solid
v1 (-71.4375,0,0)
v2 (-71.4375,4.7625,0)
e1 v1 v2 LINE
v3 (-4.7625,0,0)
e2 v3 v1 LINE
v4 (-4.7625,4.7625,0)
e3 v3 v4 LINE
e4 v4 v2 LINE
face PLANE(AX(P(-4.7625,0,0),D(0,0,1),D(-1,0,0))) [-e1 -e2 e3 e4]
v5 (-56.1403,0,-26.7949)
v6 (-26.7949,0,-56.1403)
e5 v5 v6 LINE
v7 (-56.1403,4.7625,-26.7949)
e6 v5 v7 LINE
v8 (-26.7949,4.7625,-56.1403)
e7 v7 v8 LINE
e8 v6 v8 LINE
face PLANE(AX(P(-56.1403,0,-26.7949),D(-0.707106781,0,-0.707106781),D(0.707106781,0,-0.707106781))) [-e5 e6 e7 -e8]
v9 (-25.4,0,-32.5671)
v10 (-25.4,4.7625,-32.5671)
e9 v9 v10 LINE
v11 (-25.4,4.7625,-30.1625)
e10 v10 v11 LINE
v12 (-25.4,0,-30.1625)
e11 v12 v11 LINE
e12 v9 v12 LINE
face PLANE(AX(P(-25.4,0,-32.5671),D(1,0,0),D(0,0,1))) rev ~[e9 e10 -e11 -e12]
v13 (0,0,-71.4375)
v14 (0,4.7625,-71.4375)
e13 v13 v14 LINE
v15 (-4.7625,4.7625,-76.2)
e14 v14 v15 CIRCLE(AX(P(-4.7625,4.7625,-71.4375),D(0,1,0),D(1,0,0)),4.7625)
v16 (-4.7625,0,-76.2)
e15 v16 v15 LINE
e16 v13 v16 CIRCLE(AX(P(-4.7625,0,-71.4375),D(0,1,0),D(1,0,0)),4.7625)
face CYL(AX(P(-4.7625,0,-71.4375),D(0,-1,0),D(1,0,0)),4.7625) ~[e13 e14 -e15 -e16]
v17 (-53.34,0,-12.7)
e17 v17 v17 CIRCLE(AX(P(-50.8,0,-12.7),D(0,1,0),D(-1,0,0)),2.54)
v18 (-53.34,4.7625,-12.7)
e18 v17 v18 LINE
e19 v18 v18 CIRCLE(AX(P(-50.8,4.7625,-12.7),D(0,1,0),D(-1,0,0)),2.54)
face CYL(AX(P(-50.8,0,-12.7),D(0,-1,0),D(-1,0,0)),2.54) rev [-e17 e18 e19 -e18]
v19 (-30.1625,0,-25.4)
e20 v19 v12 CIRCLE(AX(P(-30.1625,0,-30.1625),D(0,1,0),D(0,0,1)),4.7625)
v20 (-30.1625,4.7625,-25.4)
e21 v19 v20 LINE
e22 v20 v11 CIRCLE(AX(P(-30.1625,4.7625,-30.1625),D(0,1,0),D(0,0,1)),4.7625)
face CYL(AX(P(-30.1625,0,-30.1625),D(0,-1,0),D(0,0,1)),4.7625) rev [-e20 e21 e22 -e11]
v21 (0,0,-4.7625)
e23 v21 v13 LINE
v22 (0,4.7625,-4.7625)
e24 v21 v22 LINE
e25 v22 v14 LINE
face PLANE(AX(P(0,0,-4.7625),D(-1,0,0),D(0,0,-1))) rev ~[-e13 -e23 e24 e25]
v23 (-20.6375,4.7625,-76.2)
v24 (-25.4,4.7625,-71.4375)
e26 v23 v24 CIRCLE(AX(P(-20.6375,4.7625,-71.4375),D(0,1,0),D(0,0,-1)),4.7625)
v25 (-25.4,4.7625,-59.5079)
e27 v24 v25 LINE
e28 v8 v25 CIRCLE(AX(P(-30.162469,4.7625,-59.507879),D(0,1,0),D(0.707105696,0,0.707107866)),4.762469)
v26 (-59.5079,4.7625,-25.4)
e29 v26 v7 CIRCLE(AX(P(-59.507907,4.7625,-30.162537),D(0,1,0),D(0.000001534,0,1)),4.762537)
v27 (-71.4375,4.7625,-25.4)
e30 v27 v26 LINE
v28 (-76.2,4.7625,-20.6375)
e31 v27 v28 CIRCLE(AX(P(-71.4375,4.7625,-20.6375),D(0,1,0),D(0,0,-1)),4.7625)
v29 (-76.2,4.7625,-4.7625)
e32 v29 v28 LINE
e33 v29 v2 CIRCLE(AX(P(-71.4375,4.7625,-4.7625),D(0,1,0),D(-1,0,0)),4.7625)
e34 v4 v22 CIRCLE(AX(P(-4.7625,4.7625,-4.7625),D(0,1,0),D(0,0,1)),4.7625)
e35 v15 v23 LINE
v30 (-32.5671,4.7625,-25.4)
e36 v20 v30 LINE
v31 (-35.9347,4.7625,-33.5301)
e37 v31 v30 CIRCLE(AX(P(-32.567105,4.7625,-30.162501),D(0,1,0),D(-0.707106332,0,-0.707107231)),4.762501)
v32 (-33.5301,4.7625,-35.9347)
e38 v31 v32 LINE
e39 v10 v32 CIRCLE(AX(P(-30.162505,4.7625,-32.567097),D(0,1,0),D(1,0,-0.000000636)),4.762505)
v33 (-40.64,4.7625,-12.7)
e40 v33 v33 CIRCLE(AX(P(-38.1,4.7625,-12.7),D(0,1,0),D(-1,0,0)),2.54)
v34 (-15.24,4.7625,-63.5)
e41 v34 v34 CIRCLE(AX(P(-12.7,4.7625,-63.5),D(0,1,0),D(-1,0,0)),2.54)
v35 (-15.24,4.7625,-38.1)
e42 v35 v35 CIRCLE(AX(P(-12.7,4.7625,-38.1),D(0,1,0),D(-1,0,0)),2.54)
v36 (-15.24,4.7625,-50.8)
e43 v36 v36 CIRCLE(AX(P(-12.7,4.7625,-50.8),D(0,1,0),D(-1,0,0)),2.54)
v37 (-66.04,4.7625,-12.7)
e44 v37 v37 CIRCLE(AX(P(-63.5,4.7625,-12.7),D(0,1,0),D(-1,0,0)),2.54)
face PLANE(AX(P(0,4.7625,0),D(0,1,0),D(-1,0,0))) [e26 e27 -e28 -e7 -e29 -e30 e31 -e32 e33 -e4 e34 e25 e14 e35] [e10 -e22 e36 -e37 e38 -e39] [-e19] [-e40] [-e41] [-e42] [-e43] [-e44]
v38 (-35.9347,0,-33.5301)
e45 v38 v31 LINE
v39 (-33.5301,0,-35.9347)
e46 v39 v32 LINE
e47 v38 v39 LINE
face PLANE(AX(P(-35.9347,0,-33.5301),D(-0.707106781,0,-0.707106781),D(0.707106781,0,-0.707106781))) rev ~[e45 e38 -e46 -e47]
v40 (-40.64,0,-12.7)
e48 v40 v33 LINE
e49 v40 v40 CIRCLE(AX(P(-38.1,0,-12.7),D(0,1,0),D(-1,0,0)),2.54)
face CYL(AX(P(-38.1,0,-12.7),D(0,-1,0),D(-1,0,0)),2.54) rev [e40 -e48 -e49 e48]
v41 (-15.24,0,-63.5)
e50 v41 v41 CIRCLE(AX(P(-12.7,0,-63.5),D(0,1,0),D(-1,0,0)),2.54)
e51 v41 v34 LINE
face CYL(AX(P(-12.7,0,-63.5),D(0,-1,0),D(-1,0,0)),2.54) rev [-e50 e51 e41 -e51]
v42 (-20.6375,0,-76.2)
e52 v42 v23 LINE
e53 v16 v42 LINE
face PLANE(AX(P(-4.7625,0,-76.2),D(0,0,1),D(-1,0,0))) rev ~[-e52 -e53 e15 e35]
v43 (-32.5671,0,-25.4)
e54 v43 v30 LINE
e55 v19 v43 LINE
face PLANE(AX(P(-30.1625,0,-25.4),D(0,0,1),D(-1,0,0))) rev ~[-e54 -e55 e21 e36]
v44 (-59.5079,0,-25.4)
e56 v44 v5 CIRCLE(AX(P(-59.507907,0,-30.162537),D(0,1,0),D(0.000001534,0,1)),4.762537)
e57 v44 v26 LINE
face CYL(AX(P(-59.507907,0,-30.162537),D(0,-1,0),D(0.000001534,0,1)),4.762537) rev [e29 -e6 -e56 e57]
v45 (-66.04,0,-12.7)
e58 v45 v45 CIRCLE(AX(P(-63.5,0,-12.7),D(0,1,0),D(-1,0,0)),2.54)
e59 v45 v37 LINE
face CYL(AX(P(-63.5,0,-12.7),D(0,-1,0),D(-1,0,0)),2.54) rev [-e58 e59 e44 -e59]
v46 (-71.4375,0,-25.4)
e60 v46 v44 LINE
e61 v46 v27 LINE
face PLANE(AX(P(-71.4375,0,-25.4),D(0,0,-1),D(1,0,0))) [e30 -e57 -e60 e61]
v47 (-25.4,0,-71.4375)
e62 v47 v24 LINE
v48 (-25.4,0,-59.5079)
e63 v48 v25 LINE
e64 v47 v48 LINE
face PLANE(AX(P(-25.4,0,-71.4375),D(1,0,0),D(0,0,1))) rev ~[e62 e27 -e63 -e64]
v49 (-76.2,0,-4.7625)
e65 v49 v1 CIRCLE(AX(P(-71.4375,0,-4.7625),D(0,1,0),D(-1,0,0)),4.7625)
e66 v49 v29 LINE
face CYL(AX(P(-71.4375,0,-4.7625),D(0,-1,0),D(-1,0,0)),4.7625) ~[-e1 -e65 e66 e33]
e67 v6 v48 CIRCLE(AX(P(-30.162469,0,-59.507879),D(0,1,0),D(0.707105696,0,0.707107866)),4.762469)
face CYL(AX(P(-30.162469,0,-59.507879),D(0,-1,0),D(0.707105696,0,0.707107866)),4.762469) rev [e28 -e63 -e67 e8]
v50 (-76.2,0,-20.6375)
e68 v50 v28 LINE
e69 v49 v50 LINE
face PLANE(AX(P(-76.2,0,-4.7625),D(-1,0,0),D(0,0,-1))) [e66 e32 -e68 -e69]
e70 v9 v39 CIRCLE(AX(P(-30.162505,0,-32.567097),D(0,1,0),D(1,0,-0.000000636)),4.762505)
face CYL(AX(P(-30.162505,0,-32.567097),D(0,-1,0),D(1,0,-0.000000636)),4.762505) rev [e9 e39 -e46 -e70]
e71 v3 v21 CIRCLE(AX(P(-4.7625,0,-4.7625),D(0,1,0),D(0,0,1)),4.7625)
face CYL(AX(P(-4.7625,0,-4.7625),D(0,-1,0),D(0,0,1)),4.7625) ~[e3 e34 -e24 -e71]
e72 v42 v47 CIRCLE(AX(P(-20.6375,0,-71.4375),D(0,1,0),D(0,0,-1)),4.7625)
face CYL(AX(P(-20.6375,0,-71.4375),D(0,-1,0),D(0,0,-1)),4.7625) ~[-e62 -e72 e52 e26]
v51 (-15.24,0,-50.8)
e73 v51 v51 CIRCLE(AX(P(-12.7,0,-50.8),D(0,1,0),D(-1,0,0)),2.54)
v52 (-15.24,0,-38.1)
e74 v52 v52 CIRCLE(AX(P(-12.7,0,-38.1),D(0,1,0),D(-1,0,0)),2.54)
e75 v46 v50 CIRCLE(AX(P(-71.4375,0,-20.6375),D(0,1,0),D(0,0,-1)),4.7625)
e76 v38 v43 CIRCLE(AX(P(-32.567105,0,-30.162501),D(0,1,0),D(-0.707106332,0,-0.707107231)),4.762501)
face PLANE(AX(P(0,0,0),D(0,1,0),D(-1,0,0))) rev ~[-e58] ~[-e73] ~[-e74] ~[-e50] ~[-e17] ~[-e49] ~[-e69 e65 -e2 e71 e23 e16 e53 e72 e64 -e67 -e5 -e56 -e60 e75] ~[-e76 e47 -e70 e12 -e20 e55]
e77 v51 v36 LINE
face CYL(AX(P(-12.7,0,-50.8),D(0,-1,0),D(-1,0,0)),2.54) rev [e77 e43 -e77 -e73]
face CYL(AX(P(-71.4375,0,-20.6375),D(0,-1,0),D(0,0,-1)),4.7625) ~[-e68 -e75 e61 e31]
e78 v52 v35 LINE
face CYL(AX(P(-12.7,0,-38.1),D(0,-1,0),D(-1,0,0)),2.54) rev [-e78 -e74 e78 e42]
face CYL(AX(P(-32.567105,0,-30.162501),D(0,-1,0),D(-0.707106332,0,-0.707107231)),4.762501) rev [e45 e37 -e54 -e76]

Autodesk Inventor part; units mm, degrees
ref_plane "YZ Plane" through (0, 0, 0) normal (1, 0, 0) x (0, 1, 0)
ref_plane "XZ Plane" through (0, 0, 0) normal (0, 1, 0) x (-1, 0, 0)
ref_plane "XY Plane" through (0, 0, 0) normal (0, 0, 1) x (1, 0, 0)
sketch "Sketch1" plane through (0, 0, 0) normal (0, 1, 0) x (-1, 0, 0)
  line L0 (0, -4.7625) -> (0, -71.4375)
  line L1 (4.7625, -76.2) -> (20.6375, -76.2)
  line L2 (4.7625, 0) -> (71.4375, 0)
  line L3 (76.2, -4.7625) -> (76.2, -20.6375)
  circle A0 centre (12.7, -38.1) radius 2.54
  circle A1 centre (12.7, -50.8) radius 2.54
  circle A2 centre (12.7, -63.5) radius 2.54
  line L4 (12.7, -76.2) -> (12.7, 0) construction
  circle A3 centre (63.5, -12.7) radius 2.54
  circle A4 centre (50.8, -12.7) radius 2.54
  circle A5 centre (38.1, -12.7) radius 2.54
  line L5 (76.2, -12.7) -> (0, -12.7) construction
  line L6 (61.7039, -14.4961) -> (14.4961, -61.7039) construction
  line L7 (56.1403, -26.7949) -> (26.7949, -56.1403)
  line L8 (35.9347, -33.5301) -> (33.5301, -35.9347)
  line L9 (25.4, -32.5671) -> (25.4, -30.1625)
  line L10 (30.1625, -25.4) -> (32.5671, -25.4)
  line L11 (25.4, -71.4375) -> (25.4, -59.5079)
  line L12 (71.4375, -25.4) -> (59.5079, -25.4)
  arc A6 (76.2, -4.7625) -> (71.4375, 0) centre (71.4375, -4.7625) ccw
  arc A7 (71.4375, -25.4) -> (76.2, -20.6375) centre (71.4375, -20.6375) ccw
  arc A8 (59.5079, -25.4) -> (56.1403, -26.7949) centre (59.5079, -30.1625) ccw
  arc A9 (26.7949, -56.1403) -> (25.4, -59.5079) centre (30.1625, -59.5079) ccw
  arc A10 (0, -71.4375) -> (4.7625, -76.2) centre (4.7625, -71.4375) ccw
  arc A11 (20.6375, -76.2) -> (25.4, -71.4375) centre (20.6375, -71.4375) ccw
  arc A12 (35.9347, -33.5301) -> (32.5671, -25.4) centre (32.5671, -30.1625) ccw
  arc A13 (25.4, -32.5671) -> (33.5301, -35.9347) centre (30.1625, -32.5671) ccw
  arc A14 (30.1625, -25.4) -> (25.4, -30.1625) centre (30.1625, -30.1625) ccw
  arc A15 (4.7625, 0) -> (0, -4.7625) centre (4.7625, -4.7625) ccw
  point P0 (0, 0)
  point P1 (0, -76.2)
  point P2 (25.4, -76.2)
  point P3 (76.2, 0)
  point P4 (76.2, -25.4)
  dimension "d3" = 5.08
  dimension "d0" = 25.4
  dimension "d1" = 76.2
  dimension "d2" = 76.2
  dimension "d4" = 12.7
  dimension "d5" = 12.7
  dimension "d6" = 12.7
  dimension "d7" = 38.1
  dimension "d9" = 12.7
  dimension "d10" = 12.7
  dimension "d11" = 38.1
  dimension "d12" = 4.7625
  dimension "d13" = 4.7625
  dimension "d14" = 4.7625
  dimension "d15" = 4.7625
  dimension "d16" = 4.7625
  dimension "d17" = 4.7625
extrude "Extrusion1" add sketch "Sketch1" along normal blind 4.7625
properties part number "ELEV_008_SUPBRK3" material "Aluminum 6061"
